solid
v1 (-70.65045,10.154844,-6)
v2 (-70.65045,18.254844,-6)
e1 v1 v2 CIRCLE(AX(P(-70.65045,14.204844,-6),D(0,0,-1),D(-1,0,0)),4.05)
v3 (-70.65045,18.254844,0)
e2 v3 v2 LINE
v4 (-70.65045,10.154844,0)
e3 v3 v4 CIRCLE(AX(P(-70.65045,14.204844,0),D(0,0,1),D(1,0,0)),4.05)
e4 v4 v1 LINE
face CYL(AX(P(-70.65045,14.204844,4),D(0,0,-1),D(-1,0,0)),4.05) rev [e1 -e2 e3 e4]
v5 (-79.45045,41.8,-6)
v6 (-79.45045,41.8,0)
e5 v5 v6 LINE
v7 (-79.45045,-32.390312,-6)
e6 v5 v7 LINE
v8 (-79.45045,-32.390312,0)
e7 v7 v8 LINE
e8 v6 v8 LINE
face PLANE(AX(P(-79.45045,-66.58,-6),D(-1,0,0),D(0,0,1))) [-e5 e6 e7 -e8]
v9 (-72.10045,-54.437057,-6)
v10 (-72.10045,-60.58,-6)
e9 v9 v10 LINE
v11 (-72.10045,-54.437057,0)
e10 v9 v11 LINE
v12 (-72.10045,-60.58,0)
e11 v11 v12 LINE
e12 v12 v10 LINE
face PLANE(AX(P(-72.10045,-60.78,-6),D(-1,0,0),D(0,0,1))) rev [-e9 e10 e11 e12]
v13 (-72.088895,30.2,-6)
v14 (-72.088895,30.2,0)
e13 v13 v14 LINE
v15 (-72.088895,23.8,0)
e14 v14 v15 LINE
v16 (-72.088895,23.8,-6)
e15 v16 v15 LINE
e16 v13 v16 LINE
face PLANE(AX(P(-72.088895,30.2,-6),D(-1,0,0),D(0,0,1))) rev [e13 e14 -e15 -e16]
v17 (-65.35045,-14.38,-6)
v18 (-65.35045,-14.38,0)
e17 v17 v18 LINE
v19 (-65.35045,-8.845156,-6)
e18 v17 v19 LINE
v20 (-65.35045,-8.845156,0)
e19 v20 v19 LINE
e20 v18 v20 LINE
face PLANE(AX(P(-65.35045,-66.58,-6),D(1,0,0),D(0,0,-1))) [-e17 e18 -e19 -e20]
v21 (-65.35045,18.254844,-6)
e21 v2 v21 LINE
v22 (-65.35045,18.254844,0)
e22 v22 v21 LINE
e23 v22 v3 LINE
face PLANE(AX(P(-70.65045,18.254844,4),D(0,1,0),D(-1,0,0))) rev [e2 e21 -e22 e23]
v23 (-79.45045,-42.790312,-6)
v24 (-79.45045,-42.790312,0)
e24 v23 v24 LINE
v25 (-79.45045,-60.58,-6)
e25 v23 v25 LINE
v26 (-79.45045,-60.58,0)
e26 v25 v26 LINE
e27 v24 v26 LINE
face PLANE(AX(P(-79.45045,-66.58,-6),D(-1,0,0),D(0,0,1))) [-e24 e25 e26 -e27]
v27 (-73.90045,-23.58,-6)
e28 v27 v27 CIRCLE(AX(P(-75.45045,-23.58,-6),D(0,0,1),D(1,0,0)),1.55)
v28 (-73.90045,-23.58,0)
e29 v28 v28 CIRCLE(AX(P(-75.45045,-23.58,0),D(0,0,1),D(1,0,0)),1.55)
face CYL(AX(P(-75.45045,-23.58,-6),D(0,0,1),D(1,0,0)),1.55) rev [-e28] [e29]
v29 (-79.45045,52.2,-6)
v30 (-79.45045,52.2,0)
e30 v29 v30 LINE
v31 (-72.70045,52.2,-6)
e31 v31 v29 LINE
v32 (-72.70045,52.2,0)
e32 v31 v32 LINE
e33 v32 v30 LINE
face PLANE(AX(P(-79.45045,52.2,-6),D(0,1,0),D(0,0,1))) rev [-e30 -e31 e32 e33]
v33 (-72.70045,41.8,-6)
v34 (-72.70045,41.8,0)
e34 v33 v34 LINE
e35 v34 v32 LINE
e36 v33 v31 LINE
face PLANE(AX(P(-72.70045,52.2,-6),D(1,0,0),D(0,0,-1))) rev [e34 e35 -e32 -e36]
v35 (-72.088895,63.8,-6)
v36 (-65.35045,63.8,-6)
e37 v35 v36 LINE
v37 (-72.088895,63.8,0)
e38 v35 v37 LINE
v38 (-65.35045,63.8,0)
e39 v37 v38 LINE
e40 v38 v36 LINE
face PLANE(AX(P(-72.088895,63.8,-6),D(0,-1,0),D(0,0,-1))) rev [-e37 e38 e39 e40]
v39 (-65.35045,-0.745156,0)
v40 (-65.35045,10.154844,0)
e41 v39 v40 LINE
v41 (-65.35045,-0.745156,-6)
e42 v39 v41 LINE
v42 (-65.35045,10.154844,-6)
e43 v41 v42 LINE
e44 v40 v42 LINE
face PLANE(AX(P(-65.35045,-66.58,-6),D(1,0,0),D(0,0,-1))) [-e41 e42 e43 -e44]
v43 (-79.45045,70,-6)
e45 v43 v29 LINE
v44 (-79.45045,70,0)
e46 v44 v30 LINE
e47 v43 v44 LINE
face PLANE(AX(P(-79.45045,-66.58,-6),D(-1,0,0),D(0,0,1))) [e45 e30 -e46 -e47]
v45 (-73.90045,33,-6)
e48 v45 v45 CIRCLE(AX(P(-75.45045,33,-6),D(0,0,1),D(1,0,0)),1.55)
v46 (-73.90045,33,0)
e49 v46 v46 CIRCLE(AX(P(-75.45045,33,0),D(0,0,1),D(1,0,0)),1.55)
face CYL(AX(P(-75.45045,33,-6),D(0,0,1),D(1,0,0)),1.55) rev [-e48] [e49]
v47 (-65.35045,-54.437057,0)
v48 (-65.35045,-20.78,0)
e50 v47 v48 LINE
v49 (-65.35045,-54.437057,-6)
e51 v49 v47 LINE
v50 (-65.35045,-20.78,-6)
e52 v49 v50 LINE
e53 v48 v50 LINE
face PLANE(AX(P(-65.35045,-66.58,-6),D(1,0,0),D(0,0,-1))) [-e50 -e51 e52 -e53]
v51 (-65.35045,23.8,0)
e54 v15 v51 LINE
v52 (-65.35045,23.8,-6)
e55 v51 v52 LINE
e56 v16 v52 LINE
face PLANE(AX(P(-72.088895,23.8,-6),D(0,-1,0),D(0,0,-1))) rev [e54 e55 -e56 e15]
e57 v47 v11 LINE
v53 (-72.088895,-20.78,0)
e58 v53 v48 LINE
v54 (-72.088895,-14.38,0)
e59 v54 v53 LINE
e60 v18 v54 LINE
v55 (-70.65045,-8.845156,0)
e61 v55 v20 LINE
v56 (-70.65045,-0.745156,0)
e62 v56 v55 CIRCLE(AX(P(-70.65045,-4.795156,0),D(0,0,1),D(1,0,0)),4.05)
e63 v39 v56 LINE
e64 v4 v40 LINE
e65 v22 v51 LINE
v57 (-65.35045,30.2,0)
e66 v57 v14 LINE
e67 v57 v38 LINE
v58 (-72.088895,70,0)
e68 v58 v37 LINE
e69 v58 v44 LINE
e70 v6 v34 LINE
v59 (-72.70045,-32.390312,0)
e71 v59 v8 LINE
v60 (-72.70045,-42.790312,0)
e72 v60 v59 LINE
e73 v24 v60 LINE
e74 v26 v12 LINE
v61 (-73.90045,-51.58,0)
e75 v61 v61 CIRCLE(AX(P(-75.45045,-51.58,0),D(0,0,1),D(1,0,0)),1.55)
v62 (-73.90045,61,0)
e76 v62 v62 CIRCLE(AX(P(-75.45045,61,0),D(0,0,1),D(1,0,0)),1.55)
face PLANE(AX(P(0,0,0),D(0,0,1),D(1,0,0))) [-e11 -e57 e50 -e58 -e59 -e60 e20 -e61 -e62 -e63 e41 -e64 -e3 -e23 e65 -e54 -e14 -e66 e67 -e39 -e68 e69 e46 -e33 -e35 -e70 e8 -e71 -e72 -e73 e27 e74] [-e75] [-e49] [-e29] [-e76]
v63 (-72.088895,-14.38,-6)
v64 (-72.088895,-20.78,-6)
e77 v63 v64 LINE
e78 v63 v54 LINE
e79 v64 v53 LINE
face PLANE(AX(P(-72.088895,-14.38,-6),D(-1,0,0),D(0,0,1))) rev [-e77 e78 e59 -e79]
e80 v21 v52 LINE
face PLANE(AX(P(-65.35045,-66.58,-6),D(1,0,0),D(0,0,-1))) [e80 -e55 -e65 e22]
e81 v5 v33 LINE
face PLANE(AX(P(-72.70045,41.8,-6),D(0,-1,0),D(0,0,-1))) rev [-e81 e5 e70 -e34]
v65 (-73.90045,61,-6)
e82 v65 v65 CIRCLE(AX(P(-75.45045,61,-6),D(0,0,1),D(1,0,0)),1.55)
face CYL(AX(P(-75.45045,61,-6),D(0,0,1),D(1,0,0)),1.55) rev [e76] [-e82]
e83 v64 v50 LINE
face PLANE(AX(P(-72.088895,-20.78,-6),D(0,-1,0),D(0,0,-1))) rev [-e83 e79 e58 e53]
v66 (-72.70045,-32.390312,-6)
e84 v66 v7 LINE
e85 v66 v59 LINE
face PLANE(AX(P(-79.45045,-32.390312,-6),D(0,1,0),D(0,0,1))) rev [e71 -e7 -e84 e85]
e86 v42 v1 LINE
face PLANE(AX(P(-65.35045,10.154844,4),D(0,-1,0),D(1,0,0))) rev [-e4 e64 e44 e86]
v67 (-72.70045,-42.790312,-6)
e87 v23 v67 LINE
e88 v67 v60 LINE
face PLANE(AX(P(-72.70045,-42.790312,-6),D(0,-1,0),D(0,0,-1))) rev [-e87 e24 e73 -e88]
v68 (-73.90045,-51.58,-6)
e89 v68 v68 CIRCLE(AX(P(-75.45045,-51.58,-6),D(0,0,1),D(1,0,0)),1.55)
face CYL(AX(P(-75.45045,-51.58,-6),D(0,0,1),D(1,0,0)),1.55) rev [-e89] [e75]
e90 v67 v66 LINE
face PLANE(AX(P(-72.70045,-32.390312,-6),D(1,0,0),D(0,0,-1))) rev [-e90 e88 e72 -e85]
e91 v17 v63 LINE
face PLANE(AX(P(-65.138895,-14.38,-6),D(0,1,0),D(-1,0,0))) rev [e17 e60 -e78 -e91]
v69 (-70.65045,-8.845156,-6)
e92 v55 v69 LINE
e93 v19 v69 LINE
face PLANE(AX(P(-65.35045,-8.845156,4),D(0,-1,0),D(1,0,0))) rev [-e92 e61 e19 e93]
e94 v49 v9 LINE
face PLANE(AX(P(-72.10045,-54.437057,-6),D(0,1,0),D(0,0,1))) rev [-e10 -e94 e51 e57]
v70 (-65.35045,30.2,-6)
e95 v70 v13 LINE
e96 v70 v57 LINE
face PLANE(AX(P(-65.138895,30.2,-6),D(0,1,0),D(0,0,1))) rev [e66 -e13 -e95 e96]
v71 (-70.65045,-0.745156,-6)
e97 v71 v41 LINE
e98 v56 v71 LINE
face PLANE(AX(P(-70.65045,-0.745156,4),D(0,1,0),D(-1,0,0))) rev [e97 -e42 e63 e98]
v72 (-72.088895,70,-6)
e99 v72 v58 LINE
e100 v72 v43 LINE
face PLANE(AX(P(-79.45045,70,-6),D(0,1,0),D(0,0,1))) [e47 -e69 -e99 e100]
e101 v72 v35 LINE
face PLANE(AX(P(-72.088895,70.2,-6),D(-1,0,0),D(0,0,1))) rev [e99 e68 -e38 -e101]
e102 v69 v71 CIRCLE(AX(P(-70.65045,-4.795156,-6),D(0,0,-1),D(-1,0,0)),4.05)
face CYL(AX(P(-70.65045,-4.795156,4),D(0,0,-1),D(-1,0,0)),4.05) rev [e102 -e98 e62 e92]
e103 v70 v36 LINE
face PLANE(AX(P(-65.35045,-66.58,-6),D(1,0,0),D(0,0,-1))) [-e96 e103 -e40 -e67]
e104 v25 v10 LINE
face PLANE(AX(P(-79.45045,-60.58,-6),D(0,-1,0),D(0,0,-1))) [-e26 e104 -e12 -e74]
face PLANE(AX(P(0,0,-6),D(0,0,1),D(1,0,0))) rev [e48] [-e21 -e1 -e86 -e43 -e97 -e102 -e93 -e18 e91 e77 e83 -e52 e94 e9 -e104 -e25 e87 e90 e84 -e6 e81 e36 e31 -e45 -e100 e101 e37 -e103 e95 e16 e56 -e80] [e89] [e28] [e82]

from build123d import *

# Parameters (mm, degrees)
SZKIC1_W                    = 14.1
SZKIC1_H                    = 136.58
DODANIE_WYCI_GNI_CIE1_DEPTH = 6
PRZENIE_CIAN_1_BY           = 6
SZKIC3_W                    = 6.75
SZKIC3_H                    = 10.4
SZKIC3_W_2                  = 6.95
SZKIC3_H_2                  = 6.4
SZKIC3_H_3                  = 6.342942851
WYTNIJ_WYCI_GNI_CIE1_DEPTH  = 107.058352026
SZKIC4_R                    = 1.55
WYTNIJ_WYCI_GNI_CIE2_DEPTH  = 107.058352026
WYTNIJ_WYCI_GNI_CIE3_DEPTH  = 10


with BuildPart() as part:
    # Szkic1 → Dodanie-wyciągnięcie1 (new body)
    with BuildSketch(Plane.XY):
        with Locations((-72.400450183, 1.710000001)):
            Rectangle(SZKIC1_W, SZKIC1_H)
    extrude(amount=-DODANIE_WYCI_GNI_CIE1_DEPTH)

    # Przenieś ścianę1: a face moved inward by 6.0
    extrude(part.faces().sort_by_distance((-72.400450183, -66.579999999, -3))[0], amount=PRZENIE_CIAN_1_BY, dir=(0, 1, 0), mode=Mode.SUBTRACT)

    # Szkic3 → Wytnij-wyciągnięcie1 (cut, through all)
    with BuildSketch(Plane.XY):
        with Locations((-76.075450183, -37.590311709)):
            Rectangle(SZKIC3_W, SZKIC3_H)
        with Locations((-68.613894602, 67.000000001)):
            Rectangle(SZKIC3_W_2, SZKIC3_H_2)
        with Locations((-68.613894602, 27.000000001)):
            Rectangle(SZKIC3_W_2, SZKIC3_H_2)
        with Locations((-68.625450183, -57.608528574)):
            Rectangle(SZKIC3_W_2, SZKIC3_H_3)
        with Locations((-68.613894602, -17.579999999)):
            Rectangle(SZKIC3_W_2, SZKIC3_H_2)
        with Locations((-76.075450183, 47.000000001)):
            Rectangle(SZKIC3_W, SZKIC3_H)
    extrude(amount=-WYTNIJ_WYCI_GNI_CIE1_DEPTH, mode=Mode.SUBTRACT)

    # Szkic4 → Wytnij-wyciągnięcie2 (cut, through all)
    with BuildSketch(Plane.XY):
        with Locations((-75.450450183, 61.000000001)):
            Circle(SZKIC4_R)
        with Locations((-75.450450183, -51.579999999)):
            Circle(SZKIC4_R)
        with Locations((-75.450450183, 33.000000001)):
            Circle(SZKIC4_R)
        with Locations((-75.450450183, -23.579999999)):
            Circle(SZKIC4_R)
    extrude(amount=-WYTNIJ_WYCI_GNI_CIE2_DEPTH, mode=Mode.SUBTRACT)

    # Szkic5 → Wytnij-wyciągnięcie3 (cut)
    with BuildSketch(Plane(origin=(0, 0, -6), x_dir=(-1, 0, 0), z_dir=(0, 0, -1))):
        with BuildLine():
            Line((65.350450183, -0.745155849), (65.350450183, -8.845155849))
            Line((65.350450183, -8.845155849), (70.650450183, -8.845155849))
            ThreePointArc((70.650450183, -8.845155849), (74.700450183, -4.795155849), (70.650450183, -0.745155849))
            Line((70.650450183, -0.745155849), (65.350450183, -0.745155849))
        make_face()
        with BuildLine():
            Line((65.350450183, 10.154844151), (70.650450183, 10.154844151))
            ThreePointArc((70.650450183, 10.154844151), (74.700450183, 14.204844151), (70.650450183, 18.254844151))
            Line((70.650450183, 18.254844151), (65.350450183, 18.254844151))
            Line((65.350450183, 18.254844151), (65.350450183, 10.154844151))
        make_face()
    extrude(amount=-WYTNIJ_WYCI_GNI_CIE3_DEPTH, mode=Mode.SUBTRACT)


solid = part.part
